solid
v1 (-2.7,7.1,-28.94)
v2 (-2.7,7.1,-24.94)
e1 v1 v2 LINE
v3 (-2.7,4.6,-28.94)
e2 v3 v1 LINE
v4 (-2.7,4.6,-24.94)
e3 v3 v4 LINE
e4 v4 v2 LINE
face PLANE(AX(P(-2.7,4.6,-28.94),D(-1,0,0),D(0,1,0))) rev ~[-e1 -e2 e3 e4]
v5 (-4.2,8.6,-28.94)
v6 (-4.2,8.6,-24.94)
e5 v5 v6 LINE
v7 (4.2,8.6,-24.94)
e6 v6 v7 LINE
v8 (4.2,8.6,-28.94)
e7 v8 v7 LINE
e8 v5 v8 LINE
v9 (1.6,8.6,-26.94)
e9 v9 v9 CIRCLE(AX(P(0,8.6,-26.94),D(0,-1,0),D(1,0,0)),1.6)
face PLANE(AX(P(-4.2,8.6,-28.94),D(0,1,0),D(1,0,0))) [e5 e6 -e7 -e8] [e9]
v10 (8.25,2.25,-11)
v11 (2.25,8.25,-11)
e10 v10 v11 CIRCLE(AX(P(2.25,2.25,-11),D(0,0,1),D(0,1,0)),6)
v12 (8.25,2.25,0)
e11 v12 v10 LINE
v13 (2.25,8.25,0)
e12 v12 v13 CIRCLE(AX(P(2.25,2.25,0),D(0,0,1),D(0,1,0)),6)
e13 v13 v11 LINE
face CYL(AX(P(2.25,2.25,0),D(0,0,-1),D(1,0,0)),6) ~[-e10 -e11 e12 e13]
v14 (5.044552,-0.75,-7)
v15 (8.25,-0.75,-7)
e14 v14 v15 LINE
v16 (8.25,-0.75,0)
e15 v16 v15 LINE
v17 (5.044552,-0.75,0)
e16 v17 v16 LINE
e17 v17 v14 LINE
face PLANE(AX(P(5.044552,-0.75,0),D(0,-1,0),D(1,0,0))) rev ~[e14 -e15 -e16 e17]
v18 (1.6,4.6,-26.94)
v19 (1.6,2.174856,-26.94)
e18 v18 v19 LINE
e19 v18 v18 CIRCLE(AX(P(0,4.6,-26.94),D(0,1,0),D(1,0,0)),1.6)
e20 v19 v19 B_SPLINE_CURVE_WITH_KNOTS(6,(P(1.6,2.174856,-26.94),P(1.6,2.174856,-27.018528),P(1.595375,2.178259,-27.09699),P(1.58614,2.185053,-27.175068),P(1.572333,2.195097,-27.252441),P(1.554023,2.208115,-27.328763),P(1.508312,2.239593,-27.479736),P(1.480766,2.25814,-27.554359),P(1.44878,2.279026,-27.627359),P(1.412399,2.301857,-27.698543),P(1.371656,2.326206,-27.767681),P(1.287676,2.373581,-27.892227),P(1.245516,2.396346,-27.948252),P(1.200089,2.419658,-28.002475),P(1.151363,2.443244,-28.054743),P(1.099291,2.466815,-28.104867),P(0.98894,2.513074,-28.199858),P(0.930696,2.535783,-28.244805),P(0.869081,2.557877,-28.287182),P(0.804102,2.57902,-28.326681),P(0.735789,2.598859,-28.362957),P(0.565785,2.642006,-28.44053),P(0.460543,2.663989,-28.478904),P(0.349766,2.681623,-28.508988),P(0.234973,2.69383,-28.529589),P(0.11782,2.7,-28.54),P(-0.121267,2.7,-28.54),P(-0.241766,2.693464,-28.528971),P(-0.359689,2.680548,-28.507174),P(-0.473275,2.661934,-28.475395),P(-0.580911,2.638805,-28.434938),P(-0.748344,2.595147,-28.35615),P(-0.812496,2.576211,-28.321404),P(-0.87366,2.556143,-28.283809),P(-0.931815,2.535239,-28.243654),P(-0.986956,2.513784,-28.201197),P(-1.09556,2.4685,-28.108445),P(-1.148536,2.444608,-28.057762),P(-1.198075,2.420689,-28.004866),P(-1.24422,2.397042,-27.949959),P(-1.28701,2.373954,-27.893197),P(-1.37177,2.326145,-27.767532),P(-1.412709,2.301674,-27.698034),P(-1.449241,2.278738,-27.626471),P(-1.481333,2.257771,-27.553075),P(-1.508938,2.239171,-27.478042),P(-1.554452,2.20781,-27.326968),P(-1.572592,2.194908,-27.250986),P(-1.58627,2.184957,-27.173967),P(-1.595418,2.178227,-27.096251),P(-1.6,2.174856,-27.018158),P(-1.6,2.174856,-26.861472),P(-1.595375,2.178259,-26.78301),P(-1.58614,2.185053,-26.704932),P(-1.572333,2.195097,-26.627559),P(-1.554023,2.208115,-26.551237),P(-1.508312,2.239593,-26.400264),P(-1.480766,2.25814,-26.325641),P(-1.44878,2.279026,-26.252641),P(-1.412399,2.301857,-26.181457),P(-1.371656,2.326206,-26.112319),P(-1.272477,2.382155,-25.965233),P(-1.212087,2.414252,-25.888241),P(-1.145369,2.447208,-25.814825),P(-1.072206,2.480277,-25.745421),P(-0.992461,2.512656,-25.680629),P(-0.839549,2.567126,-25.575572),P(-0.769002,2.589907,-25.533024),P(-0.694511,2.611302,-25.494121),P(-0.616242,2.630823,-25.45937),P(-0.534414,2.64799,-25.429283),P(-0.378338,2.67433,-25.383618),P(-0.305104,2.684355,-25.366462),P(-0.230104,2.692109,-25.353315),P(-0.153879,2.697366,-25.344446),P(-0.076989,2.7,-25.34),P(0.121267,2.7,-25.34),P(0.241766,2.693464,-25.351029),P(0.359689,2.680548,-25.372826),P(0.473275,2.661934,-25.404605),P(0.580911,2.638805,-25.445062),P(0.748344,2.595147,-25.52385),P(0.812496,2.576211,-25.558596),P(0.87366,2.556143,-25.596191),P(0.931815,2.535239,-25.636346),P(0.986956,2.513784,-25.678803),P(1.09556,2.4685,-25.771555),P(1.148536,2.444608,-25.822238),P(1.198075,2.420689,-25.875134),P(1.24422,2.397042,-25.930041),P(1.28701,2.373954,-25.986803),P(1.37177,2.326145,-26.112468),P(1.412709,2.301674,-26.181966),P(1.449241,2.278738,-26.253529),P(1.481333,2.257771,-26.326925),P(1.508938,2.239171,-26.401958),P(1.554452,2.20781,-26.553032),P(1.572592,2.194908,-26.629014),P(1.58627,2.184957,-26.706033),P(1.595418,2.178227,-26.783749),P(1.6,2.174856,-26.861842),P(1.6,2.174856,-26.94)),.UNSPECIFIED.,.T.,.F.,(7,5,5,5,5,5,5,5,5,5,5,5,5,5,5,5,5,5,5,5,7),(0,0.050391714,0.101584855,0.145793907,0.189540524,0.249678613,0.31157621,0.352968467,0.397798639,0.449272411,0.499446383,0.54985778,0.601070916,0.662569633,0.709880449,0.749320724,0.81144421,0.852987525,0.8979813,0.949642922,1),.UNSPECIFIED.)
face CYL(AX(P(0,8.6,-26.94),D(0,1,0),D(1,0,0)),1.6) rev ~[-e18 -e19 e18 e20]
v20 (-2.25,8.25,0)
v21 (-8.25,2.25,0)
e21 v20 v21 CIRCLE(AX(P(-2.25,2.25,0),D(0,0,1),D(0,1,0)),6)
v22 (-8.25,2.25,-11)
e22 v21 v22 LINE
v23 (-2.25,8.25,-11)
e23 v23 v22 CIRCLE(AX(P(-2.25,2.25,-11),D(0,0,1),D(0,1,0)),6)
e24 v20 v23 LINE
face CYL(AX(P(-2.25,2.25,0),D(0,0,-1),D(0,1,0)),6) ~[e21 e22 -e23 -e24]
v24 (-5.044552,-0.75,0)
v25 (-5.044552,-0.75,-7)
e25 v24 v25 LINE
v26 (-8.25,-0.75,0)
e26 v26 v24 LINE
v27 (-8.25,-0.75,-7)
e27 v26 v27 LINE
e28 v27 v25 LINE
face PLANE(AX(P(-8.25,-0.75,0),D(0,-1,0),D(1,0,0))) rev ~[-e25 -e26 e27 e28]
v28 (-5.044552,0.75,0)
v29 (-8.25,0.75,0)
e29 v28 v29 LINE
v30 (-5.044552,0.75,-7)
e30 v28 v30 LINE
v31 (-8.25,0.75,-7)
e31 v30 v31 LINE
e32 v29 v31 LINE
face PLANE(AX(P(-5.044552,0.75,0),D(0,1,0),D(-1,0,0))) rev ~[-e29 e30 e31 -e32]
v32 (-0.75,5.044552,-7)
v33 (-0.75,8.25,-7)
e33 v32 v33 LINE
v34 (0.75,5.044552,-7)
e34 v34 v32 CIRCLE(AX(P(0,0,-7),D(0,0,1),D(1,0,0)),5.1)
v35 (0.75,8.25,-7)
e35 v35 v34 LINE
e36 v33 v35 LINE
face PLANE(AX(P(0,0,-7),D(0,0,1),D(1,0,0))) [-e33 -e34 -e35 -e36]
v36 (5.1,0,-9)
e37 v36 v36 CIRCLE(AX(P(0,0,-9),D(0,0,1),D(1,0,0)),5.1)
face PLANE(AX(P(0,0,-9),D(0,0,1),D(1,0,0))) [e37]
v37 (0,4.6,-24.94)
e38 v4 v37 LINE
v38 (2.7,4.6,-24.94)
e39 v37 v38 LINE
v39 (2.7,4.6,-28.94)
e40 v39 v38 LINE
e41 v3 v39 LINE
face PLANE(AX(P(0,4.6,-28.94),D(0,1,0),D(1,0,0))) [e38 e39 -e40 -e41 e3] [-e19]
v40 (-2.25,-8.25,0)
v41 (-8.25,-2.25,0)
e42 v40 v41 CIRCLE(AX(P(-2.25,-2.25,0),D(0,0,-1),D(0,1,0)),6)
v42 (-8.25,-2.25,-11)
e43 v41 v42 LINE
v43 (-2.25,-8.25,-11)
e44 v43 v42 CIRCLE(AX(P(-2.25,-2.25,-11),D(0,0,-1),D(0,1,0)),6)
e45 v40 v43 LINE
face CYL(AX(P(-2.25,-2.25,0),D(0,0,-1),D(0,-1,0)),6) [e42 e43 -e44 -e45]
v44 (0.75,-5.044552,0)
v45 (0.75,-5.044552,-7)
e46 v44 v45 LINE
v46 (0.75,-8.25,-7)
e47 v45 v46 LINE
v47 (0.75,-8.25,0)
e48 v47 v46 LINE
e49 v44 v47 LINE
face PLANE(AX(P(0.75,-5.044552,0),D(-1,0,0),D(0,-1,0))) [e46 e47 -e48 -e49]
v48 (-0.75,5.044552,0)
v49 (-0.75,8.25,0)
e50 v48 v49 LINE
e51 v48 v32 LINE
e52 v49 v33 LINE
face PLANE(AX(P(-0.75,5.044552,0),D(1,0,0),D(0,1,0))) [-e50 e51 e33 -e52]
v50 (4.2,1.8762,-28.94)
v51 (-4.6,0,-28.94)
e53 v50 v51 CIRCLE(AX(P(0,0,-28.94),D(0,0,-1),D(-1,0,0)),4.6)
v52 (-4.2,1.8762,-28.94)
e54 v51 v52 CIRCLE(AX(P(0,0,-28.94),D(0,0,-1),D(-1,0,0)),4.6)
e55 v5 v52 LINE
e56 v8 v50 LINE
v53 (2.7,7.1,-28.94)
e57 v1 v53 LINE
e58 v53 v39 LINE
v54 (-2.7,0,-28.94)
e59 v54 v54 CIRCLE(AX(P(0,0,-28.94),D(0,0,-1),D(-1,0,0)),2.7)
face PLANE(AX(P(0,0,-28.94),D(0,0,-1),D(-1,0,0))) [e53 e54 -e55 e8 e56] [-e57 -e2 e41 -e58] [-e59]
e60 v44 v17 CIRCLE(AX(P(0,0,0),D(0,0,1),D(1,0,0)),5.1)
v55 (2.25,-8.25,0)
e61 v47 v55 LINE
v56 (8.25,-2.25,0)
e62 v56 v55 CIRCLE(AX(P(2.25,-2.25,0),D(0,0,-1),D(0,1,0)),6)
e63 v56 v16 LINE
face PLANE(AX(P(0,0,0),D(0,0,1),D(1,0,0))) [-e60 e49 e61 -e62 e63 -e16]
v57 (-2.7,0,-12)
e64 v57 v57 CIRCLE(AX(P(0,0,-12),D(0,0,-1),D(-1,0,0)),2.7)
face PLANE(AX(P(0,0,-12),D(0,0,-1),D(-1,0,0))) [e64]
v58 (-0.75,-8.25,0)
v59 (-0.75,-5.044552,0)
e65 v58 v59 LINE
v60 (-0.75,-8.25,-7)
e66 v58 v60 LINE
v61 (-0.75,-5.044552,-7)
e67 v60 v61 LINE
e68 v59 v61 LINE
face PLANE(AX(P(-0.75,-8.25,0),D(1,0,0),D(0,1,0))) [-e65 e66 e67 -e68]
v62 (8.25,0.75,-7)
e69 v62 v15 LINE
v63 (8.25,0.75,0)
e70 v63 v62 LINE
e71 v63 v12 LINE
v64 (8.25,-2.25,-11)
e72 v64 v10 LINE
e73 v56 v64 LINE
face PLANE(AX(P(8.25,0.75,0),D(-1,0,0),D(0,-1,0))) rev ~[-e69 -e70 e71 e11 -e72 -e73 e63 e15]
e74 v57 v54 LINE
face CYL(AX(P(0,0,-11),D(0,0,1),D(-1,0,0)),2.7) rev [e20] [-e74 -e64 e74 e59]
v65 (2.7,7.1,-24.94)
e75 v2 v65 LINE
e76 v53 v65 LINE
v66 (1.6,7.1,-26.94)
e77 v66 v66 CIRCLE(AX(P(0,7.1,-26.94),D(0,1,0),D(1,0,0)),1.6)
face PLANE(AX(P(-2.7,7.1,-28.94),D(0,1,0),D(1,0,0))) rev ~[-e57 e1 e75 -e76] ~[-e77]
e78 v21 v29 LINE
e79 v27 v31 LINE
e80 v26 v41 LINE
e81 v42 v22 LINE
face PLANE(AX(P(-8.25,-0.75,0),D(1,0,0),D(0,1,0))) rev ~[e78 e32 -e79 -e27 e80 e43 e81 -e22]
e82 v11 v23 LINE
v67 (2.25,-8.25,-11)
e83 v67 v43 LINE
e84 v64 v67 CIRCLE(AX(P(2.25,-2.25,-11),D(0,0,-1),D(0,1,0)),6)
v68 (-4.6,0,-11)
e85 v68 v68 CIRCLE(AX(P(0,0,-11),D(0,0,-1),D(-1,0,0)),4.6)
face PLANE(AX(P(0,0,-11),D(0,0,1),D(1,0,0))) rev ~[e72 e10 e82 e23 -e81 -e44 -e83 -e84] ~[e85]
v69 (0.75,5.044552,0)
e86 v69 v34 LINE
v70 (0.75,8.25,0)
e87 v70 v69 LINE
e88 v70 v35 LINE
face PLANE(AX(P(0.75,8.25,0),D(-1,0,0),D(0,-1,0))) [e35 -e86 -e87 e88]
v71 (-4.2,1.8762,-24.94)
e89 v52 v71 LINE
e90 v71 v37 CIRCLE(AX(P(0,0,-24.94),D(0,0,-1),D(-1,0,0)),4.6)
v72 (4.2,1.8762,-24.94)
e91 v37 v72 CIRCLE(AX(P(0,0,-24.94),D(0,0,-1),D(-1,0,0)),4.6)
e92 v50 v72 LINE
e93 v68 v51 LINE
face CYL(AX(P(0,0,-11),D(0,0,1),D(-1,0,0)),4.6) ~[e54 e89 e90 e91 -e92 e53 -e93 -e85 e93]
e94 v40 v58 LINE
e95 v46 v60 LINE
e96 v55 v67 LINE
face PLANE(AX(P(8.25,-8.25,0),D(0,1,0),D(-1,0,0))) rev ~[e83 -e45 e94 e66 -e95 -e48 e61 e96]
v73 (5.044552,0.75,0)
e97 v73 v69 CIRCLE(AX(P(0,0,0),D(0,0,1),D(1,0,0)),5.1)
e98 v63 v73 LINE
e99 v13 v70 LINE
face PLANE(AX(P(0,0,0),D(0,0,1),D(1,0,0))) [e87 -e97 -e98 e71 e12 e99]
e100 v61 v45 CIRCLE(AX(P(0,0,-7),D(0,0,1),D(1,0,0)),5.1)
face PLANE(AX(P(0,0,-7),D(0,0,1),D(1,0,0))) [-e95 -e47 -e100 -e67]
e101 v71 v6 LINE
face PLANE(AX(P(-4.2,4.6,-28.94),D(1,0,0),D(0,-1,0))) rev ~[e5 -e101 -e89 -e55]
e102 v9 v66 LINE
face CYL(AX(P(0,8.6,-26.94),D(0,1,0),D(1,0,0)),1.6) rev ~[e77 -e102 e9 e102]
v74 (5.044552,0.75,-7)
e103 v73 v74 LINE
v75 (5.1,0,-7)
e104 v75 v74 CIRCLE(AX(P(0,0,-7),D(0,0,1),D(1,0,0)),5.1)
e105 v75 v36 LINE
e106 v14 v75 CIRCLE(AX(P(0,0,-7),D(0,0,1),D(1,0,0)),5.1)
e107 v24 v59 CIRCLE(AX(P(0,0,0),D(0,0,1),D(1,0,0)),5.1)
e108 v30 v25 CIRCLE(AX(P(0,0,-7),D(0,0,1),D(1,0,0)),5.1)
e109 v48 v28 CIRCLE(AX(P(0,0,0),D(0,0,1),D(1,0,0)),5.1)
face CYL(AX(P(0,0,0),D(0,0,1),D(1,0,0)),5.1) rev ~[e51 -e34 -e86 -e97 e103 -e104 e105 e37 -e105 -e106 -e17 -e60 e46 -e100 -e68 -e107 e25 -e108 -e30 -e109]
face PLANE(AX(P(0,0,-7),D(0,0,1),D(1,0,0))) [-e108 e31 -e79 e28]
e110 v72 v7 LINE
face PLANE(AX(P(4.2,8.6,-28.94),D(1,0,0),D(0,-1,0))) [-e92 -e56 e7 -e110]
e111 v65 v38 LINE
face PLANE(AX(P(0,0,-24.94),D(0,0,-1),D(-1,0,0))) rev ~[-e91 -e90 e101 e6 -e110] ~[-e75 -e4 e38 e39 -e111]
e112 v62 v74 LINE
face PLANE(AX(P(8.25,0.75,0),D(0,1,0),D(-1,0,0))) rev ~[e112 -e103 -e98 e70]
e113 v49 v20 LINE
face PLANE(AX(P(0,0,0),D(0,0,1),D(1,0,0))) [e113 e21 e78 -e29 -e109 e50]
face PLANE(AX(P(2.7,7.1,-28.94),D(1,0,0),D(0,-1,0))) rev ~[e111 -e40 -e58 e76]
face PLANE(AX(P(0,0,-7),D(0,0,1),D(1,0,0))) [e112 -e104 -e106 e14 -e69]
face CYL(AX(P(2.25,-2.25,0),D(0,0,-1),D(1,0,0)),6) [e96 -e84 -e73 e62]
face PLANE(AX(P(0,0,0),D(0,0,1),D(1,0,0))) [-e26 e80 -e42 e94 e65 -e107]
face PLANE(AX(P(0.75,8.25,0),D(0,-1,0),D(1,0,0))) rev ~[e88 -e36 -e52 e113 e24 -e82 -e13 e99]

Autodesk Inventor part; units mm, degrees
ref_plane "YZ Plane" through (0, 0, 0) normal (1, 0, 0) x (0, 1, 0)
ref_plane "XY Plane" through (0, 0, 0) normal (0, 0, 1) x (1, 0, 0)
sketch "Sketch1" plane through (0, 0, 0) normal (0, 0, 1) x (1, 0, 0)
  circle A0 centre (0, 0) radius 5.1
  line L0 (-8.25, 8.25) -> (8.25, 8.25)
  line L1 (8.25, 8.25) -> (8.25, -8.25)
  line L2 (8.25, -8.25) -> (-8.25, -8.25)
  line L3 (-8.25, -8.25) -> (-8.25, 8.25)
  line L4 (-8.25, 8.25) -> (8.25, -8.25) construction
  line L5 (8.25, 8.25) -> (-8.25, -8.25) construction
  line L6 (0.75, -8.25) -> (-0.75, -8.25)
  line L7 (-0.75, -8.25) -> (-0.75, 8.25)
  line L8 (-0.75, 8.25) -> (0.75, 8.25)
  line L9 (0.75, 8.25) -> (0.75, -8.25)
  line L10 (0.75, -8.25) -> (-0.75, 8.25) construction
  line L11 (-0.75, -8.25) -> (0.75, 8.25) construction
  line L12 (8.25, 0.75) -> (-8.25, 0.75)
  line L13 (-8.25, 0.75) -> (-8.25, -0.75)
  line L14 (-8.25, -0.75) -> (8.25, -0.75)
  line L15 (8.25, -0.75) -> (8.25, 0.75)
  line L16 (8.25, 0.75) -> (-8.25, -0.75) construction
  line L17 (-8.25, 0.75) -> (8.25, -0.75) construction
  point P0 (0.75, -5.0446)
  point P1 (5.0446, -0.75)
  point P2 (5.0446, 0.75)
  point P3 (0.75, 5.0446)
  point P4 (-0.75, 5.0446)
  point P5 (-5.0446, 0.75)
  point P6 (-5.0446, -0.75)
  point P7 (-0.75, -5.0446)
  dimension "d0" = 10.2
  dimension "d1" = 16.5
  dimension "d2" = 1.5
  dimension "d3" = 1.5
  dimension "d38" = 16.5
extrude "Extrusion1" add sketch "Sketch1" against normal blind 11
extrude "Extrusion2" cut sketch "Sketch1" against normal blind 7 contours A0 L14 L9 L12 | A0 L12 L1 L14 | L12 L9 A0 | A0 L9 L14 | L9 L12 L7 A0 | A0 L7 L0 L9 | L9 L14 L7 L12 | L9 L2 L7 A0 | A0 L7 L14 L9 | L7 L12 A0 | L7 L14 A0 L12 | A0 L14 L7 | A0 L14 L3 L12
sketch "Sketch2" plane through (0, 0, -11) normal (0, 0, -1) x (-1, 0, 0)
  circle A0 centre (0, 0) radius 5
  dimension "d8" = 10
extrude "Extrusion3" [suppressed]
fillet "Fillet1" radius 6 4 edges at (8.25, 8.25, -5.5) (8.25, -8.25, -5.5) (-8.25, -8.25, -5.5) (-8.25, 8.25, -5.5)
sketch "Sketch3" plane through (0, 0, -26) normal (0, 0, -1) x (-1, 0, 0)
  line L0 (4, 2.7238) -> (10.2, 2.7238)
  line L1 (10.2, 2.7238) -> (10.2, -2.0551)
  line L2 (10.2, -2.0551) -> (4, -2.0551)
  line L3 (4, -2.0551) -> (4, 2.7238)
  arc A0 (2.5948, 0.1645) -> (2.1, -1.533) centre (0, 0) ccw
  circle A1 centre (0, 0) radius 5 projected
  line L4 (0, 5) -> (10.2, 5)
  line L5 (10.2, 5) -> (10.2, -5)
  line L6 (10.2, -5) -> (0, -5)
  arc A2 (8.25, 2.25) -> (2.25, 8.25) centre (2.25, 2.25) ccw projected
  line L7 (2.25, 8.25) -> (-2.25, 8.25) projected
  arc A3 (-2.25, 8.25) -> (-8.25, 2.25) centre (-2.25, 2.25) ccw projected
  line L8 (-8.25, 2.25) -> (-8.25, -2.25) projected
  arc A4 (-8.25, -2.25) -> (-2.25, -8.25) centre (-2.25, -2.25) ccw projected
  line L9 (-2.25, -8.25) -> (2.25, -8.25) projected
  arc A5 (2.25, -8.25) -> (8.25, -2.25) centre (2.25, -2.25) ccw projected
  line L10 (8.25, -2.25) -> (8.25, 2.25) projected
  line L11 (-2.6, -2.9034) -> (-2.6, 2.8378)
  circle A6 centre (0, 0) radius 2.6
  point P0 (0.75, 5.0446)
  point P1 (2.1, -1.533)
  point P2 (2.5948, 0.1645)
  dimension "d12" = 6.2
  dimension "d13" = 4
  dimension "d14" = 5.2
extrude "Extrusion4" [suppressed]
sketch "Sketch4" plane through (-10.2, -5, -26) normal (-1, 0, 0) x (0, 0, 1)
  circle A0 centre (4, 5) radius 1.7
  line L0 (0, 0) -> (0, 10) projected
  point P0 (26, 5)
  point P1 (0, 5)
  point P2 (0, 5)
  dimension "d17" = 3.4
  dimension "d18" = 4
extrude "Extrusion5" [suppressed]
extrude "Extrusion6" [suppressed]
fillet "Fillet2" [suppressed]
fillet "Fillet3" [suppressed]
sketch "Sketch5" plane through (0, 0, -11) normal (0, 0, -1) x (-1, 0, 0)
  arc A0 (8.25, 2.25) -> (2.25, 8.25) centre (2.25, 2.25) ccw projected
  line L0 (2.25, 8.25) -> (-2.25, 8.25) projected
  arc A1 (-2.25, 8.25) -> (-8.25, 2.25) centre (-2.25, 2.25) ccw projected
  line L1 (-8.25, 2.25) -> (-8.25, -2.25) projected
  arc A2 (-8.25, -2.25) -> (-2.25, -8.25) centre (-2.25, -2.25) ccw projected
  line L2 (-2.25, -8.25) -> (2.25, -8.25) projected
  arc A3 (2.25, -8.25) -> (8.25, -2.25) centre (2.25, -2.25) ccw projected
  line L3 (8.25, -2.25) -> (8.25, 2.25) projected
  line L4 (-5.5, 5.5) -> (5.5, 5.5)
  line L5 (5.5, 5.5) -> (5.5, -5.5)
  line L6 (5.5, -5.5) -> (-5.5, -5.5)
  line L7 (-5.5, -5.5) -> (-5.5, 5.5)
  line L8 (-5.5, 5.5) -> (5.5, -5.5) construction
  line L9 (5.5, 5.5) -> (-5.5, -5.5) construction
  point P0 (0, 0)
  dimension "d31" = 11
  dimension "d32" = 11
extrude "Extrusion7" [suppressed]
sketch "Sketch6" plane through (0, 0, -7) normal (0, 0, 1) x (1, 0, 0)
  circle A0 centre (0, 0) radius 5.1
extrude "Extrusion8" cut sketch "Sketch6" against normal blind 2
sketch "Sketch7" plane through (0, 0, -11) normal (0, 0, -1) x (-1, 0, 0)
  circle A0 centre (0, 0) radius 4.6
  circle A1 centre (0, 0) radius 2.7
  dimension "d35" = 9.2
  dimension "d39" = 5.4
extrude "Extrusion9" add sketch "Sketch7" along normal blind 17.94
ref_plane "Work Plane1" through (0, 4.6, -11) normal (0, 1, 0) x (-1, 0, 0)
sketch "Sketch8" plane through (0, 4.6, -11) normal (0, 1, 0) x (-1, 0, 0)
  line L0 (2.7, -17.94) -> (-2.7, -17.94)
  line L1 (-2.7, -17.94) -> (-2.7, -14.94)
  line L2 (-2.7, -14.94) -> (2.7, -14.94)
  line L3 (2.7, -14.94) -> (2.7, -17.94)
  line L4 (-4.6, -17.94) -> (4.6, -17.94) projected
  point P0 (0, 11)
  point P1 (0, -17.94)
  dimension "d40" = 5.4
  dimension "d41" = 3
sketch "Sketch9" plane through (0, 0, -28.94) normal (0, 0, -1) x (-1, 0, 0)
  line L0 (2.7, 4.6) -> (-2.7, 4.6) projected
  line L1 (-2.7, 4.6) -> (2.7, 4.6)
  line L2 (2.7, 4.6) -> (2.7, 7.1)
  line L3 (2.7, 7.1) -> (-2.7, 7.1)
  line L4 (-2.7, 7.1) -> (-2.7, 4.6)
  line L5 (-4.2, 4.6) -> (4.2, 4.6)
  line L6 (4.2, 4.6) -> (4.2, 8.6)
  line L7 (4.2, 8.6) -> (-4.2, 8.6)
  line L8 (-4.2, 8.6) -> (-4.2, 4.6)
  line L9 (-4.2, 4.6) -> (-4.2, 1.8762)
  circle A0 centre (0, 0) radius 4.6 projected
  line L10 (4.2, 4.6) -> (4.2, 1.8762)
  point P0 (0, 4.6)
  dimension "d42" = 5.4
  dimension "d43" = 2.5
  dimension "d44" = 1.5
  dimension "d45" = 1.5
  dimension "d46" = 1.5
extrude "Extrusion10" add sketch "Sketch9" against normal blind 4 contours L5 L10 A0 L0 | L2 L3 L4 L5 L8 L7 L6 | A0 L9 L5 L0
sketch "Sketch10" plane through (-4.2, 8.6, -28.94) normal (0, 1, 0) x (1, 0, 0)
  line L0 (4.2, -4) -> (4.2, 0) projected
  circle A0 centre (4.2, -2) radius 1.6
  point P0 (4.2, -28.94)
  dimension "d49" = 3.2
extrude "Extrusion11" cut sketch "Sketch10" against normal blind 9.25
sketch "Sketch11" plane through (0, 0, -11) normal (0, 0, -1) x (-1, 0, 0)
  circle A0 centre (0, 0) radius 2.7 projected
extrude "Extrusion12" add sketch "Sketch11" along normal blind 1
properties part number "rubik_adapter"
